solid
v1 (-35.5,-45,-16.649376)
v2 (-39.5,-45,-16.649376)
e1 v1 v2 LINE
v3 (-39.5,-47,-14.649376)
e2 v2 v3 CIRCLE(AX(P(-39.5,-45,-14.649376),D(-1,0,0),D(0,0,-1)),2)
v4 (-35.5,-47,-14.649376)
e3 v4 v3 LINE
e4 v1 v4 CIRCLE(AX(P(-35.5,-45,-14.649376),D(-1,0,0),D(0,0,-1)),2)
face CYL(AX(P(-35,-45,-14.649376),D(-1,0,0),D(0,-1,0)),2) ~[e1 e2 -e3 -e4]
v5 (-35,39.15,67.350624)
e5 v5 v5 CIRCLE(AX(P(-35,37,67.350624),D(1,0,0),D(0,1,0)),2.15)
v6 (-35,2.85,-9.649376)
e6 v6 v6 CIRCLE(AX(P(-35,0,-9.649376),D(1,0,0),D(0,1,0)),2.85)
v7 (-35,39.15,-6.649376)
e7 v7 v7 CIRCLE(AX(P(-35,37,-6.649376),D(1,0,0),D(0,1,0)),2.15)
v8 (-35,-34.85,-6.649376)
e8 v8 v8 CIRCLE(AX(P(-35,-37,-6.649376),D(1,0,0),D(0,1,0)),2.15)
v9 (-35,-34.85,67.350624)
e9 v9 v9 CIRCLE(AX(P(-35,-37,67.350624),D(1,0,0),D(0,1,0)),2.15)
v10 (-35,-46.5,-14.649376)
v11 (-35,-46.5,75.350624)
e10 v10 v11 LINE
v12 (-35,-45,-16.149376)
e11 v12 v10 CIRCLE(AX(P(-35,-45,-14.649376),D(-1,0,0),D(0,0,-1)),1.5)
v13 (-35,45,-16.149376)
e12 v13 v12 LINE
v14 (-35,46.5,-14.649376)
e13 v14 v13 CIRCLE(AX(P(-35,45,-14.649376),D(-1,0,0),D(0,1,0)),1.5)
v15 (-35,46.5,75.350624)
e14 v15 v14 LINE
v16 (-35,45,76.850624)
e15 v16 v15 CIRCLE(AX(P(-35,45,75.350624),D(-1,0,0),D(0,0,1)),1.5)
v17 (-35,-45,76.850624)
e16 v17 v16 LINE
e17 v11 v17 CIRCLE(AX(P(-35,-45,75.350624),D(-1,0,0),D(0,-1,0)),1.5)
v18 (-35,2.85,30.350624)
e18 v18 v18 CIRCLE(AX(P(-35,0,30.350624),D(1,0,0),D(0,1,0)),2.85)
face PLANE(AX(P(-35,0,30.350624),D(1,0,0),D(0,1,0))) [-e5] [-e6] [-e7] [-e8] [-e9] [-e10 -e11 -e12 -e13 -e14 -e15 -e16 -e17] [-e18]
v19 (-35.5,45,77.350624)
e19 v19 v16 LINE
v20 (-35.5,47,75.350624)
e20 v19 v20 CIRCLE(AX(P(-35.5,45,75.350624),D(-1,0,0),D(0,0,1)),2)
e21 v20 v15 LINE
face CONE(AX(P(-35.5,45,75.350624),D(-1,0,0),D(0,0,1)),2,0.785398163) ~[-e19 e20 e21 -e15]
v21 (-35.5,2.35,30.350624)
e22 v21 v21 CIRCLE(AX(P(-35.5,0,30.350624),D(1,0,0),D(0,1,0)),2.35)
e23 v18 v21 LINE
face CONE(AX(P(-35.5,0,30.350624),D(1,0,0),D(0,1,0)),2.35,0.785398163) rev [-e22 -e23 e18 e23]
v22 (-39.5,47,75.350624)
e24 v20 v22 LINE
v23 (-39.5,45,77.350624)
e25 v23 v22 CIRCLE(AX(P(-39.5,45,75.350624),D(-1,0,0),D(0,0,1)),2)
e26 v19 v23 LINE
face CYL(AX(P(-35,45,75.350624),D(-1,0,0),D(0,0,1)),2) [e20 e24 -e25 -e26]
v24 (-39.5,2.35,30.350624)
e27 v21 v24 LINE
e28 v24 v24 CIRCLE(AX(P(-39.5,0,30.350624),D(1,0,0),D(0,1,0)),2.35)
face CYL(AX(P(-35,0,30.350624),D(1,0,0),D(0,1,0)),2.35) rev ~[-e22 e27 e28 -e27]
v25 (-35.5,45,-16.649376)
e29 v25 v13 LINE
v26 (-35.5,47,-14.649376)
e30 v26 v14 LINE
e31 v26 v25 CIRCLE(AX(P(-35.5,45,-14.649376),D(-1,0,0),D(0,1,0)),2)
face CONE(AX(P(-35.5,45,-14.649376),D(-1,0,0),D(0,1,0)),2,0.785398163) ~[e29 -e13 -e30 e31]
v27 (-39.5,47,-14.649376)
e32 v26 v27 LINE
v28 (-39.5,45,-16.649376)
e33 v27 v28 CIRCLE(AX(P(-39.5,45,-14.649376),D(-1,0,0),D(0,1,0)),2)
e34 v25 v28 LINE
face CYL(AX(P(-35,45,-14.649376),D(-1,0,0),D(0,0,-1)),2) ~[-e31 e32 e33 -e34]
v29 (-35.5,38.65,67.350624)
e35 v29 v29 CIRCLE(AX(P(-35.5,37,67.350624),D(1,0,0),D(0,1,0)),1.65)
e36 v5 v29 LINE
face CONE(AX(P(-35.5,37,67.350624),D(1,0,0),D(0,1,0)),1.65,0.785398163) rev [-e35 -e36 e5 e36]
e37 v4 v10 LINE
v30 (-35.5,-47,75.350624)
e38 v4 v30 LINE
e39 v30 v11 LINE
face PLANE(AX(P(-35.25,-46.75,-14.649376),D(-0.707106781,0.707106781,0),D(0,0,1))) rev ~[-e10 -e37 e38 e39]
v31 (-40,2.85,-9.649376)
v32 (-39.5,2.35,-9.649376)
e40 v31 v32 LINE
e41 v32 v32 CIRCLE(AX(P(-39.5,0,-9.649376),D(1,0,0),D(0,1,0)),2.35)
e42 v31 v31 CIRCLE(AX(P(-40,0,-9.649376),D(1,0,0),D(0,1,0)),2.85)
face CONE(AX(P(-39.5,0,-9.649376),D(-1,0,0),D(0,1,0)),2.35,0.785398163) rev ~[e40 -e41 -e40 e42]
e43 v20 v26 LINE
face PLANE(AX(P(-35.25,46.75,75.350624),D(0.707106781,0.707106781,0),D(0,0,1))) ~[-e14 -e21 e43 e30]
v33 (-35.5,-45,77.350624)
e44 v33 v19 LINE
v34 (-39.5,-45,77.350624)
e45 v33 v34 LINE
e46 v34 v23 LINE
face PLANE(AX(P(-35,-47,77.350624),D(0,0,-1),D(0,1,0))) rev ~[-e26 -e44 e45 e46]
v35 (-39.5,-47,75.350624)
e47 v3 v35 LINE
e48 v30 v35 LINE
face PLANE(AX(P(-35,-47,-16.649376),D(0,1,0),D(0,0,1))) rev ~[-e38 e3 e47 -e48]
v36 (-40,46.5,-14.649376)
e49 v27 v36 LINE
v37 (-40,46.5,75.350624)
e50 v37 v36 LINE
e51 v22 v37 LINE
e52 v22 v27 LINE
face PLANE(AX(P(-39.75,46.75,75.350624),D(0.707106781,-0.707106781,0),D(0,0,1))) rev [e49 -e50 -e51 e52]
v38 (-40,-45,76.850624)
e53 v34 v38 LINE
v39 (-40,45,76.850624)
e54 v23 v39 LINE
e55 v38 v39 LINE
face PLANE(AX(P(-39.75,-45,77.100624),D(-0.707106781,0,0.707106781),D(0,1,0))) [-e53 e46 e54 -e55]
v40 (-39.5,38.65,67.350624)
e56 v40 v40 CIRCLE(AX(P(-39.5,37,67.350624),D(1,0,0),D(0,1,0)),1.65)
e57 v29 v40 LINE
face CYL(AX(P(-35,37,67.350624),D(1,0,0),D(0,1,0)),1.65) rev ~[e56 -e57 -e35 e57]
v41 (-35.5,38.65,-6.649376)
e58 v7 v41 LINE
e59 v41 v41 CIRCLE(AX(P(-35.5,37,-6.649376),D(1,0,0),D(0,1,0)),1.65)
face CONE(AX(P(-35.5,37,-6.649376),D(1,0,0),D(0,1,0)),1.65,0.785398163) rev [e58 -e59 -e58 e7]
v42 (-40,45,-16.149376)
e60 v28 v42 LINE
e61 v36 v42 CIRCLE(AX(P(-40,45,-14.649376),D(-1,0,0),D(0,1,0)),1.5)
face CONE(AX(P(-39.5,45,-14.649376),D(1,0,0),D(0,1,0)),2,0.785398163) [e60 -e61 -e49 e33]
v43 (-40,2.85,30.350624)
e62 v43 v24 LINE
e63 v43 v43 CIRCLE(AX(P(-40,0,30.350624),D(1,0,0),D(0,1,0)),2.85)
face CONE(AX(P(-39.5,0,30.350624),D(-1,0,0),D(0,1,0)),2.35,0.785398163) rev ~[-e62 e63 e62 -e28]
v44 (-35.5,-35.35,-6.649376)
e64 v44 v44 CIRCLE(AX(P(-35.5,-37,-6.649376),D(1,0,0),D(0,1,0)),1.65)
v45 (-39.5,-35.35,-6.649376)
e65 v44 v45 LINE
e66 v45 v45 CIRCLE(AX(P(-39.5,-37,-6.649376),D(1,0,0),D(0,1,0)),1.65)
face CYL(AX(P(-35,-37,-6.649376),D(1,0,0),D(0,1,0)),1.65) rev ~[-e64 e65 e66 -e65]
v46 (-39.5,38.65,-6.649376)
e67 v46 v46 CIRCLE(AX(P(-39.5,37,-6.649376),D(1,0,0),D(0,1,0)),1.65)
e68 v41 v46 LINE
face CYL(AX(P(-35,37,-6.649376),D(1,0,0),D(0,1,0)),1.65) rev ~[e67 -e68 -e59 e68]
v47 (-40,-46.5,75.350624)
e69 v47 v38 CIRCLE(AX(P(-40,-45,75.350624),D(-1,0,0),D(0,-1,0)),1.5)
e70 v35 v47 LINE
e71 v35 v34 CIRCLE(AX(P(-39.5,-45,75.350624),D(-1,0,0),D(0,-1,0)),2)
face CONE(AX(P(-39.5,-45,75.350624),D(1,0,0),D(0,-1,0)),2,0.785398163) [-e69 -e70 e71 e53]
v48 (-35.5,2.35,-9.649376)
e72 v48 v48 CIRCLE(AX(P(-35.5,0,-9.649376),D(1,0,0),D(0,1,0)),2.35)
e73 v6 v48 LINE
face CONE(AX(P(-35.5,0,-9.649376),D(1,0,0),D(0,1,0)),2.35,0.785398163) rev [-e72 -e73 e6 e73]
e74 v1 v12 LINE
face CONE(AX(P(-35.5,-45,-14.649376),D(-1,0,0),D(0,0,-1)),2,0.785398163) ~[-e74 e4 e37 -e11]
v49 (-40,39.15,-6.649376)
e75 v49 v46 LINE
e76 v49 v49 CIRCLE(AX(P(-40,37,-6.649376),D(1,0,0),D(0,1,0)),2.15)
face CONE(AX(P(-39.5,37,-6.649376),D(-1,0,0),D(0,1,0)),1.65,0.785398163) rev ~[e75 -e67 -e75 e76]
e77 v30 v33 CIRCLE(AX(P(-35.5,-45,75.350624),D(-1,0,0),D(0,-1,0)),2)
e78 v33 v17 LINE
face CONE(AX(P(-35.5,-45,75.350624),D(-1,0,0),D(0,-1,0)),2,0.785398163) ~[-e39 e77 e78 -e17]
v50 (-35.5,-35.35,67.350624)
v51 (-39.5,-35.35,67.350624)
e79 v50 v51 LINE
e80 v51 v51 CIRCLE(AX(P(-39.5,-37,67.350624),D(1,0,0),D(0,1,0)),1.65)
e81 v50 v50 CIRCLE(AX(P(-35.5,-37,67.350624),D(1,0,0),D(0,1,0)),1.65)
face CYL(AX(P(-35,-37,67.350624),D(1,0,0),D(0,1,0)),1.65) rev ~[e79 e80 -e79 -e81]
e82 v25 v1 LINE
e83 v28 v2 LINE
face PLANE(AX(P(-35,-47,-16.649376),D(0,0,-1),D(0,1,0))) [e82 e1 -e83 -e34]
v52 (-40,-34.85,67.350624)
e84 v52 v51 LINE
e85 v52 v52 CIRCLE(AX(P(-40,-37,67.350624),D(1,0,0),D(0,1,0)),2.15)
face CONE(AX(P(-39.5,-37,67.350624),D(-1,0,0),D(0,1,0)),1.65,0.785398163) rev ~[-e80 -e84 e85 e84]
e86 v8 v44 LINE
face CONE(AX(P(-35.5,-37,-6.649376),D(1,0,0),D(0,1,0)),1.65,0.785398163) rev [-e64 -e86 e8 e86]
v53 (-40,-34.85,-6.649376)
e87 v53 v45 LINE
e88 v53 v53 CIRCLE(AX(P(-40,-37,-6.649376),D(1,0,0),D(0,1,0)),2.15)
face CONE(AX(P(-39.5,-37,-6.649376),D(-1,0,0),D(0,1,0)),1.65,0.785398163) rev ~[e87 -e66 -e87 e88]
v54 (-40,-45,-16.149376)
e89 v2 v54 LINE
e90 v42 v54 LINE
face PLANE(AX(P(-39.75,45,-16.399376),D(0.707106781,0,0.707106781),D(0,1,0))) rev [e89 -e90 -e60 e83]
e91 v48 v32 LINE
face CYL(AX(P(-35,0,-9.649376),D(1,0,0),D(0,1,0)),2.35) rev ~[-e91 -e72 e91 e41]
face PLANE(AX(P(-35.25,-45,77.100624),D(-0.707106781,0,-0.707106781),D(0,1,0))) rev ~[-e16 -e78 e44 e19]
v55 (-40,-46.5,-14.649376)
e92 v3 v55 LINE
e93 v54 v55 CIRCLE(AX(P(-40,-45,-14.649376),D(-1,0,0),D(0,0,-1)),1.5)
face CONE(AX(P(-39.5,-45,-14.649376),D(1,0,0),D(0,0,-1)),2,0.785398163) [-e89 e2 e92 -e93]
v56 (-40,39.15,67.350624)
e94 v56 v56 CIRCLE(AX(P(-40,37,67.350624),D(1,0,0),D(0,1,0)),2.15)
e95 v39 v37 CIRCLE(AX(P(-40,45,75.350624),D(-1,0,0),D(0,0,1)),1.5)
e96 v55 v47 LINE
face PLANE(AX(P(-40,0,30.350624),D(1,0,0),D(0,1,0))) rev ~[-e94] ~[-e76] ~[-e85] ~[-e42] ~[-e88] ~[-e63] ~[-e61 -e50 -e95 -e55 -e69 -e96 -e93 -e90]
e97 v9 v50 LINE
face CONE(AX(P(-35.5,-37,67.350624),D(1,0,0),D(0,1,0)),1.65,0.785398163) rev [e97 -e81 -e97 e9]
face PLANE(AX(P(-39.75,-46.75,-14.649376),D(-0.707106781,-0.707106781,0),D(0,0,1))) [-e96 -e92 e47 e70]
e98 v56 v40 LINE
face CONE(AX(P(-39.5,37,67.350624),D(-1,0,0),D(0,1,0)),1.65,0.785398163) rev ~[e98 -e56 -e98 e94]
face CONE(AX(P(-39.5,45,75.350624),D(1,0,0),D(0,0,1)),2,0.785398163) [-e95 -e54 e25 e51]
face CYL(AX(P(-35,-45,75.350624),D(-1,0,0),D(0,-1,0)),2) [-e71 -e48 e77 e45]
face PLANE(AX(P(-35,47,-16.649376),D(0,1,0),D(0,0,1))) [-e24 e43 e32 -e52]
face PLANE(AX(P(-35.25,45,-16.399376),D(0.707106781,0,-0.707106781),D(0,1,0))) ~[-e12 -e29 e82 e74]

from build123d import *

# Parameters (mm, degrees)
SKETCH019_W     = 94
SKETCH019_H     = 94
SKETCH019_R     = 2.35
SKETCH019_R_2   = 1.65
PAD008_DEPTH    = 5
FILLET003_R     = 2
CHAMFER005_SIZE = 0.5
CHAMFER006_SIZE = 0.5


with BuildPart() as part:
    # Sketch019 → Pad008 (new body)
    with BuildSketch(Plane.YZ.offset(-35)):
        with Locations((0, 30.3506240158)):
            Rectangle(SKETCH019_W, SKETCH019_H)
        with Locations((0, 30.3506240158)):
            Circle(SKETCH019_R, mode=Mode.SUBTRACT)
        with Locations((-37, 67.3506240158)):
            Circle(SKETCH019_R_2, mode=Mode.SUBTRACT)
        with Locations((37, 67.3506240158)):
            Circle(SKETCH019_R_2, mode=Mode.SUBTRACT)
        with Locations((-37, -6.6493759842)):
            Circle(SKETCH019_R_2, mode=Mode.SUBTRACT)
        with Locations((37, -6.6493759842)):
            Circle(SKETCH019_R_2, mode=Mode.SUBTRACT)
        with Locations((0, -9.6493759842)):
            Circle(SKETCH019_R, mode=Mode.SUBTRACT)
    extrude(amount=-PAD008_DEPTH)

    # Fillet003
    fillet003_edges = [part.edges().sort_by_distance(p)[0] for p in [
        (-37.5, -47, -16.649376),
        (-37.5, -47, 77.350624),
        (-37.5, 47, 77.350624),
        (-37.5, 47, -16.649376),
    ]]
    fillet(fillet003_edges, radius=FILLET003_R)

    # Chamfer005
    chamfer005_edges = [part.edges().sort_by_distance(p)[0] for p in [
        (-35, -47, 30.350624),
        (-35, -46.414214, 76.764838),
        (-35, -46.414214, -16.06359),
        (-35, 0, 77.350624),
        (-35, 0, -16.649376),
        (-35, 46.414214, 76.764838),
        (-35, 46.414214, -16.06359),
        (-35, 47, 30.350624),
        (-35, -2.35, -9.649376),
        (-35, -2.35, 30.350624),
        (-35, 35.35, 67.350624),
        (-35, -38.65, 67.350624),
        (-35, 35.35, -6.649376),
        (-35, -38.65, -6.649376),
    ]]
    chamfer(chamfer005_edges, length=CHAMFER005_SIZE)

    # Chamfer006
    chamfer006_edges = [part.edges().sort_by_distance(p)[0] for p in [
        (-40, -47, 30.350624),
        (-40, -46.414214, 76.764838),
        (-40, -46.414214, -16.06359),
        (-40, 0, 77.350624),
        (-40, 0, -16.649376),
        (-40, 46.414214, 76.764838),
        (-40, 46.414214, -16.06359),
        (-40, 47, 30.350624),
        (-40, -2.35, -9.649376),
        (-40, -2.35, 30.350624),
        (-40, 35.35, 67.350624),
        (-40, -38.65, 67.350624),
        (-40, 35.35, -6.649376),
        (-40, -38.65, -6.649376),
    ]]
    chamfer(chamfer006_edges, length=CHAMFER006_SIZE)


solid = part.part
